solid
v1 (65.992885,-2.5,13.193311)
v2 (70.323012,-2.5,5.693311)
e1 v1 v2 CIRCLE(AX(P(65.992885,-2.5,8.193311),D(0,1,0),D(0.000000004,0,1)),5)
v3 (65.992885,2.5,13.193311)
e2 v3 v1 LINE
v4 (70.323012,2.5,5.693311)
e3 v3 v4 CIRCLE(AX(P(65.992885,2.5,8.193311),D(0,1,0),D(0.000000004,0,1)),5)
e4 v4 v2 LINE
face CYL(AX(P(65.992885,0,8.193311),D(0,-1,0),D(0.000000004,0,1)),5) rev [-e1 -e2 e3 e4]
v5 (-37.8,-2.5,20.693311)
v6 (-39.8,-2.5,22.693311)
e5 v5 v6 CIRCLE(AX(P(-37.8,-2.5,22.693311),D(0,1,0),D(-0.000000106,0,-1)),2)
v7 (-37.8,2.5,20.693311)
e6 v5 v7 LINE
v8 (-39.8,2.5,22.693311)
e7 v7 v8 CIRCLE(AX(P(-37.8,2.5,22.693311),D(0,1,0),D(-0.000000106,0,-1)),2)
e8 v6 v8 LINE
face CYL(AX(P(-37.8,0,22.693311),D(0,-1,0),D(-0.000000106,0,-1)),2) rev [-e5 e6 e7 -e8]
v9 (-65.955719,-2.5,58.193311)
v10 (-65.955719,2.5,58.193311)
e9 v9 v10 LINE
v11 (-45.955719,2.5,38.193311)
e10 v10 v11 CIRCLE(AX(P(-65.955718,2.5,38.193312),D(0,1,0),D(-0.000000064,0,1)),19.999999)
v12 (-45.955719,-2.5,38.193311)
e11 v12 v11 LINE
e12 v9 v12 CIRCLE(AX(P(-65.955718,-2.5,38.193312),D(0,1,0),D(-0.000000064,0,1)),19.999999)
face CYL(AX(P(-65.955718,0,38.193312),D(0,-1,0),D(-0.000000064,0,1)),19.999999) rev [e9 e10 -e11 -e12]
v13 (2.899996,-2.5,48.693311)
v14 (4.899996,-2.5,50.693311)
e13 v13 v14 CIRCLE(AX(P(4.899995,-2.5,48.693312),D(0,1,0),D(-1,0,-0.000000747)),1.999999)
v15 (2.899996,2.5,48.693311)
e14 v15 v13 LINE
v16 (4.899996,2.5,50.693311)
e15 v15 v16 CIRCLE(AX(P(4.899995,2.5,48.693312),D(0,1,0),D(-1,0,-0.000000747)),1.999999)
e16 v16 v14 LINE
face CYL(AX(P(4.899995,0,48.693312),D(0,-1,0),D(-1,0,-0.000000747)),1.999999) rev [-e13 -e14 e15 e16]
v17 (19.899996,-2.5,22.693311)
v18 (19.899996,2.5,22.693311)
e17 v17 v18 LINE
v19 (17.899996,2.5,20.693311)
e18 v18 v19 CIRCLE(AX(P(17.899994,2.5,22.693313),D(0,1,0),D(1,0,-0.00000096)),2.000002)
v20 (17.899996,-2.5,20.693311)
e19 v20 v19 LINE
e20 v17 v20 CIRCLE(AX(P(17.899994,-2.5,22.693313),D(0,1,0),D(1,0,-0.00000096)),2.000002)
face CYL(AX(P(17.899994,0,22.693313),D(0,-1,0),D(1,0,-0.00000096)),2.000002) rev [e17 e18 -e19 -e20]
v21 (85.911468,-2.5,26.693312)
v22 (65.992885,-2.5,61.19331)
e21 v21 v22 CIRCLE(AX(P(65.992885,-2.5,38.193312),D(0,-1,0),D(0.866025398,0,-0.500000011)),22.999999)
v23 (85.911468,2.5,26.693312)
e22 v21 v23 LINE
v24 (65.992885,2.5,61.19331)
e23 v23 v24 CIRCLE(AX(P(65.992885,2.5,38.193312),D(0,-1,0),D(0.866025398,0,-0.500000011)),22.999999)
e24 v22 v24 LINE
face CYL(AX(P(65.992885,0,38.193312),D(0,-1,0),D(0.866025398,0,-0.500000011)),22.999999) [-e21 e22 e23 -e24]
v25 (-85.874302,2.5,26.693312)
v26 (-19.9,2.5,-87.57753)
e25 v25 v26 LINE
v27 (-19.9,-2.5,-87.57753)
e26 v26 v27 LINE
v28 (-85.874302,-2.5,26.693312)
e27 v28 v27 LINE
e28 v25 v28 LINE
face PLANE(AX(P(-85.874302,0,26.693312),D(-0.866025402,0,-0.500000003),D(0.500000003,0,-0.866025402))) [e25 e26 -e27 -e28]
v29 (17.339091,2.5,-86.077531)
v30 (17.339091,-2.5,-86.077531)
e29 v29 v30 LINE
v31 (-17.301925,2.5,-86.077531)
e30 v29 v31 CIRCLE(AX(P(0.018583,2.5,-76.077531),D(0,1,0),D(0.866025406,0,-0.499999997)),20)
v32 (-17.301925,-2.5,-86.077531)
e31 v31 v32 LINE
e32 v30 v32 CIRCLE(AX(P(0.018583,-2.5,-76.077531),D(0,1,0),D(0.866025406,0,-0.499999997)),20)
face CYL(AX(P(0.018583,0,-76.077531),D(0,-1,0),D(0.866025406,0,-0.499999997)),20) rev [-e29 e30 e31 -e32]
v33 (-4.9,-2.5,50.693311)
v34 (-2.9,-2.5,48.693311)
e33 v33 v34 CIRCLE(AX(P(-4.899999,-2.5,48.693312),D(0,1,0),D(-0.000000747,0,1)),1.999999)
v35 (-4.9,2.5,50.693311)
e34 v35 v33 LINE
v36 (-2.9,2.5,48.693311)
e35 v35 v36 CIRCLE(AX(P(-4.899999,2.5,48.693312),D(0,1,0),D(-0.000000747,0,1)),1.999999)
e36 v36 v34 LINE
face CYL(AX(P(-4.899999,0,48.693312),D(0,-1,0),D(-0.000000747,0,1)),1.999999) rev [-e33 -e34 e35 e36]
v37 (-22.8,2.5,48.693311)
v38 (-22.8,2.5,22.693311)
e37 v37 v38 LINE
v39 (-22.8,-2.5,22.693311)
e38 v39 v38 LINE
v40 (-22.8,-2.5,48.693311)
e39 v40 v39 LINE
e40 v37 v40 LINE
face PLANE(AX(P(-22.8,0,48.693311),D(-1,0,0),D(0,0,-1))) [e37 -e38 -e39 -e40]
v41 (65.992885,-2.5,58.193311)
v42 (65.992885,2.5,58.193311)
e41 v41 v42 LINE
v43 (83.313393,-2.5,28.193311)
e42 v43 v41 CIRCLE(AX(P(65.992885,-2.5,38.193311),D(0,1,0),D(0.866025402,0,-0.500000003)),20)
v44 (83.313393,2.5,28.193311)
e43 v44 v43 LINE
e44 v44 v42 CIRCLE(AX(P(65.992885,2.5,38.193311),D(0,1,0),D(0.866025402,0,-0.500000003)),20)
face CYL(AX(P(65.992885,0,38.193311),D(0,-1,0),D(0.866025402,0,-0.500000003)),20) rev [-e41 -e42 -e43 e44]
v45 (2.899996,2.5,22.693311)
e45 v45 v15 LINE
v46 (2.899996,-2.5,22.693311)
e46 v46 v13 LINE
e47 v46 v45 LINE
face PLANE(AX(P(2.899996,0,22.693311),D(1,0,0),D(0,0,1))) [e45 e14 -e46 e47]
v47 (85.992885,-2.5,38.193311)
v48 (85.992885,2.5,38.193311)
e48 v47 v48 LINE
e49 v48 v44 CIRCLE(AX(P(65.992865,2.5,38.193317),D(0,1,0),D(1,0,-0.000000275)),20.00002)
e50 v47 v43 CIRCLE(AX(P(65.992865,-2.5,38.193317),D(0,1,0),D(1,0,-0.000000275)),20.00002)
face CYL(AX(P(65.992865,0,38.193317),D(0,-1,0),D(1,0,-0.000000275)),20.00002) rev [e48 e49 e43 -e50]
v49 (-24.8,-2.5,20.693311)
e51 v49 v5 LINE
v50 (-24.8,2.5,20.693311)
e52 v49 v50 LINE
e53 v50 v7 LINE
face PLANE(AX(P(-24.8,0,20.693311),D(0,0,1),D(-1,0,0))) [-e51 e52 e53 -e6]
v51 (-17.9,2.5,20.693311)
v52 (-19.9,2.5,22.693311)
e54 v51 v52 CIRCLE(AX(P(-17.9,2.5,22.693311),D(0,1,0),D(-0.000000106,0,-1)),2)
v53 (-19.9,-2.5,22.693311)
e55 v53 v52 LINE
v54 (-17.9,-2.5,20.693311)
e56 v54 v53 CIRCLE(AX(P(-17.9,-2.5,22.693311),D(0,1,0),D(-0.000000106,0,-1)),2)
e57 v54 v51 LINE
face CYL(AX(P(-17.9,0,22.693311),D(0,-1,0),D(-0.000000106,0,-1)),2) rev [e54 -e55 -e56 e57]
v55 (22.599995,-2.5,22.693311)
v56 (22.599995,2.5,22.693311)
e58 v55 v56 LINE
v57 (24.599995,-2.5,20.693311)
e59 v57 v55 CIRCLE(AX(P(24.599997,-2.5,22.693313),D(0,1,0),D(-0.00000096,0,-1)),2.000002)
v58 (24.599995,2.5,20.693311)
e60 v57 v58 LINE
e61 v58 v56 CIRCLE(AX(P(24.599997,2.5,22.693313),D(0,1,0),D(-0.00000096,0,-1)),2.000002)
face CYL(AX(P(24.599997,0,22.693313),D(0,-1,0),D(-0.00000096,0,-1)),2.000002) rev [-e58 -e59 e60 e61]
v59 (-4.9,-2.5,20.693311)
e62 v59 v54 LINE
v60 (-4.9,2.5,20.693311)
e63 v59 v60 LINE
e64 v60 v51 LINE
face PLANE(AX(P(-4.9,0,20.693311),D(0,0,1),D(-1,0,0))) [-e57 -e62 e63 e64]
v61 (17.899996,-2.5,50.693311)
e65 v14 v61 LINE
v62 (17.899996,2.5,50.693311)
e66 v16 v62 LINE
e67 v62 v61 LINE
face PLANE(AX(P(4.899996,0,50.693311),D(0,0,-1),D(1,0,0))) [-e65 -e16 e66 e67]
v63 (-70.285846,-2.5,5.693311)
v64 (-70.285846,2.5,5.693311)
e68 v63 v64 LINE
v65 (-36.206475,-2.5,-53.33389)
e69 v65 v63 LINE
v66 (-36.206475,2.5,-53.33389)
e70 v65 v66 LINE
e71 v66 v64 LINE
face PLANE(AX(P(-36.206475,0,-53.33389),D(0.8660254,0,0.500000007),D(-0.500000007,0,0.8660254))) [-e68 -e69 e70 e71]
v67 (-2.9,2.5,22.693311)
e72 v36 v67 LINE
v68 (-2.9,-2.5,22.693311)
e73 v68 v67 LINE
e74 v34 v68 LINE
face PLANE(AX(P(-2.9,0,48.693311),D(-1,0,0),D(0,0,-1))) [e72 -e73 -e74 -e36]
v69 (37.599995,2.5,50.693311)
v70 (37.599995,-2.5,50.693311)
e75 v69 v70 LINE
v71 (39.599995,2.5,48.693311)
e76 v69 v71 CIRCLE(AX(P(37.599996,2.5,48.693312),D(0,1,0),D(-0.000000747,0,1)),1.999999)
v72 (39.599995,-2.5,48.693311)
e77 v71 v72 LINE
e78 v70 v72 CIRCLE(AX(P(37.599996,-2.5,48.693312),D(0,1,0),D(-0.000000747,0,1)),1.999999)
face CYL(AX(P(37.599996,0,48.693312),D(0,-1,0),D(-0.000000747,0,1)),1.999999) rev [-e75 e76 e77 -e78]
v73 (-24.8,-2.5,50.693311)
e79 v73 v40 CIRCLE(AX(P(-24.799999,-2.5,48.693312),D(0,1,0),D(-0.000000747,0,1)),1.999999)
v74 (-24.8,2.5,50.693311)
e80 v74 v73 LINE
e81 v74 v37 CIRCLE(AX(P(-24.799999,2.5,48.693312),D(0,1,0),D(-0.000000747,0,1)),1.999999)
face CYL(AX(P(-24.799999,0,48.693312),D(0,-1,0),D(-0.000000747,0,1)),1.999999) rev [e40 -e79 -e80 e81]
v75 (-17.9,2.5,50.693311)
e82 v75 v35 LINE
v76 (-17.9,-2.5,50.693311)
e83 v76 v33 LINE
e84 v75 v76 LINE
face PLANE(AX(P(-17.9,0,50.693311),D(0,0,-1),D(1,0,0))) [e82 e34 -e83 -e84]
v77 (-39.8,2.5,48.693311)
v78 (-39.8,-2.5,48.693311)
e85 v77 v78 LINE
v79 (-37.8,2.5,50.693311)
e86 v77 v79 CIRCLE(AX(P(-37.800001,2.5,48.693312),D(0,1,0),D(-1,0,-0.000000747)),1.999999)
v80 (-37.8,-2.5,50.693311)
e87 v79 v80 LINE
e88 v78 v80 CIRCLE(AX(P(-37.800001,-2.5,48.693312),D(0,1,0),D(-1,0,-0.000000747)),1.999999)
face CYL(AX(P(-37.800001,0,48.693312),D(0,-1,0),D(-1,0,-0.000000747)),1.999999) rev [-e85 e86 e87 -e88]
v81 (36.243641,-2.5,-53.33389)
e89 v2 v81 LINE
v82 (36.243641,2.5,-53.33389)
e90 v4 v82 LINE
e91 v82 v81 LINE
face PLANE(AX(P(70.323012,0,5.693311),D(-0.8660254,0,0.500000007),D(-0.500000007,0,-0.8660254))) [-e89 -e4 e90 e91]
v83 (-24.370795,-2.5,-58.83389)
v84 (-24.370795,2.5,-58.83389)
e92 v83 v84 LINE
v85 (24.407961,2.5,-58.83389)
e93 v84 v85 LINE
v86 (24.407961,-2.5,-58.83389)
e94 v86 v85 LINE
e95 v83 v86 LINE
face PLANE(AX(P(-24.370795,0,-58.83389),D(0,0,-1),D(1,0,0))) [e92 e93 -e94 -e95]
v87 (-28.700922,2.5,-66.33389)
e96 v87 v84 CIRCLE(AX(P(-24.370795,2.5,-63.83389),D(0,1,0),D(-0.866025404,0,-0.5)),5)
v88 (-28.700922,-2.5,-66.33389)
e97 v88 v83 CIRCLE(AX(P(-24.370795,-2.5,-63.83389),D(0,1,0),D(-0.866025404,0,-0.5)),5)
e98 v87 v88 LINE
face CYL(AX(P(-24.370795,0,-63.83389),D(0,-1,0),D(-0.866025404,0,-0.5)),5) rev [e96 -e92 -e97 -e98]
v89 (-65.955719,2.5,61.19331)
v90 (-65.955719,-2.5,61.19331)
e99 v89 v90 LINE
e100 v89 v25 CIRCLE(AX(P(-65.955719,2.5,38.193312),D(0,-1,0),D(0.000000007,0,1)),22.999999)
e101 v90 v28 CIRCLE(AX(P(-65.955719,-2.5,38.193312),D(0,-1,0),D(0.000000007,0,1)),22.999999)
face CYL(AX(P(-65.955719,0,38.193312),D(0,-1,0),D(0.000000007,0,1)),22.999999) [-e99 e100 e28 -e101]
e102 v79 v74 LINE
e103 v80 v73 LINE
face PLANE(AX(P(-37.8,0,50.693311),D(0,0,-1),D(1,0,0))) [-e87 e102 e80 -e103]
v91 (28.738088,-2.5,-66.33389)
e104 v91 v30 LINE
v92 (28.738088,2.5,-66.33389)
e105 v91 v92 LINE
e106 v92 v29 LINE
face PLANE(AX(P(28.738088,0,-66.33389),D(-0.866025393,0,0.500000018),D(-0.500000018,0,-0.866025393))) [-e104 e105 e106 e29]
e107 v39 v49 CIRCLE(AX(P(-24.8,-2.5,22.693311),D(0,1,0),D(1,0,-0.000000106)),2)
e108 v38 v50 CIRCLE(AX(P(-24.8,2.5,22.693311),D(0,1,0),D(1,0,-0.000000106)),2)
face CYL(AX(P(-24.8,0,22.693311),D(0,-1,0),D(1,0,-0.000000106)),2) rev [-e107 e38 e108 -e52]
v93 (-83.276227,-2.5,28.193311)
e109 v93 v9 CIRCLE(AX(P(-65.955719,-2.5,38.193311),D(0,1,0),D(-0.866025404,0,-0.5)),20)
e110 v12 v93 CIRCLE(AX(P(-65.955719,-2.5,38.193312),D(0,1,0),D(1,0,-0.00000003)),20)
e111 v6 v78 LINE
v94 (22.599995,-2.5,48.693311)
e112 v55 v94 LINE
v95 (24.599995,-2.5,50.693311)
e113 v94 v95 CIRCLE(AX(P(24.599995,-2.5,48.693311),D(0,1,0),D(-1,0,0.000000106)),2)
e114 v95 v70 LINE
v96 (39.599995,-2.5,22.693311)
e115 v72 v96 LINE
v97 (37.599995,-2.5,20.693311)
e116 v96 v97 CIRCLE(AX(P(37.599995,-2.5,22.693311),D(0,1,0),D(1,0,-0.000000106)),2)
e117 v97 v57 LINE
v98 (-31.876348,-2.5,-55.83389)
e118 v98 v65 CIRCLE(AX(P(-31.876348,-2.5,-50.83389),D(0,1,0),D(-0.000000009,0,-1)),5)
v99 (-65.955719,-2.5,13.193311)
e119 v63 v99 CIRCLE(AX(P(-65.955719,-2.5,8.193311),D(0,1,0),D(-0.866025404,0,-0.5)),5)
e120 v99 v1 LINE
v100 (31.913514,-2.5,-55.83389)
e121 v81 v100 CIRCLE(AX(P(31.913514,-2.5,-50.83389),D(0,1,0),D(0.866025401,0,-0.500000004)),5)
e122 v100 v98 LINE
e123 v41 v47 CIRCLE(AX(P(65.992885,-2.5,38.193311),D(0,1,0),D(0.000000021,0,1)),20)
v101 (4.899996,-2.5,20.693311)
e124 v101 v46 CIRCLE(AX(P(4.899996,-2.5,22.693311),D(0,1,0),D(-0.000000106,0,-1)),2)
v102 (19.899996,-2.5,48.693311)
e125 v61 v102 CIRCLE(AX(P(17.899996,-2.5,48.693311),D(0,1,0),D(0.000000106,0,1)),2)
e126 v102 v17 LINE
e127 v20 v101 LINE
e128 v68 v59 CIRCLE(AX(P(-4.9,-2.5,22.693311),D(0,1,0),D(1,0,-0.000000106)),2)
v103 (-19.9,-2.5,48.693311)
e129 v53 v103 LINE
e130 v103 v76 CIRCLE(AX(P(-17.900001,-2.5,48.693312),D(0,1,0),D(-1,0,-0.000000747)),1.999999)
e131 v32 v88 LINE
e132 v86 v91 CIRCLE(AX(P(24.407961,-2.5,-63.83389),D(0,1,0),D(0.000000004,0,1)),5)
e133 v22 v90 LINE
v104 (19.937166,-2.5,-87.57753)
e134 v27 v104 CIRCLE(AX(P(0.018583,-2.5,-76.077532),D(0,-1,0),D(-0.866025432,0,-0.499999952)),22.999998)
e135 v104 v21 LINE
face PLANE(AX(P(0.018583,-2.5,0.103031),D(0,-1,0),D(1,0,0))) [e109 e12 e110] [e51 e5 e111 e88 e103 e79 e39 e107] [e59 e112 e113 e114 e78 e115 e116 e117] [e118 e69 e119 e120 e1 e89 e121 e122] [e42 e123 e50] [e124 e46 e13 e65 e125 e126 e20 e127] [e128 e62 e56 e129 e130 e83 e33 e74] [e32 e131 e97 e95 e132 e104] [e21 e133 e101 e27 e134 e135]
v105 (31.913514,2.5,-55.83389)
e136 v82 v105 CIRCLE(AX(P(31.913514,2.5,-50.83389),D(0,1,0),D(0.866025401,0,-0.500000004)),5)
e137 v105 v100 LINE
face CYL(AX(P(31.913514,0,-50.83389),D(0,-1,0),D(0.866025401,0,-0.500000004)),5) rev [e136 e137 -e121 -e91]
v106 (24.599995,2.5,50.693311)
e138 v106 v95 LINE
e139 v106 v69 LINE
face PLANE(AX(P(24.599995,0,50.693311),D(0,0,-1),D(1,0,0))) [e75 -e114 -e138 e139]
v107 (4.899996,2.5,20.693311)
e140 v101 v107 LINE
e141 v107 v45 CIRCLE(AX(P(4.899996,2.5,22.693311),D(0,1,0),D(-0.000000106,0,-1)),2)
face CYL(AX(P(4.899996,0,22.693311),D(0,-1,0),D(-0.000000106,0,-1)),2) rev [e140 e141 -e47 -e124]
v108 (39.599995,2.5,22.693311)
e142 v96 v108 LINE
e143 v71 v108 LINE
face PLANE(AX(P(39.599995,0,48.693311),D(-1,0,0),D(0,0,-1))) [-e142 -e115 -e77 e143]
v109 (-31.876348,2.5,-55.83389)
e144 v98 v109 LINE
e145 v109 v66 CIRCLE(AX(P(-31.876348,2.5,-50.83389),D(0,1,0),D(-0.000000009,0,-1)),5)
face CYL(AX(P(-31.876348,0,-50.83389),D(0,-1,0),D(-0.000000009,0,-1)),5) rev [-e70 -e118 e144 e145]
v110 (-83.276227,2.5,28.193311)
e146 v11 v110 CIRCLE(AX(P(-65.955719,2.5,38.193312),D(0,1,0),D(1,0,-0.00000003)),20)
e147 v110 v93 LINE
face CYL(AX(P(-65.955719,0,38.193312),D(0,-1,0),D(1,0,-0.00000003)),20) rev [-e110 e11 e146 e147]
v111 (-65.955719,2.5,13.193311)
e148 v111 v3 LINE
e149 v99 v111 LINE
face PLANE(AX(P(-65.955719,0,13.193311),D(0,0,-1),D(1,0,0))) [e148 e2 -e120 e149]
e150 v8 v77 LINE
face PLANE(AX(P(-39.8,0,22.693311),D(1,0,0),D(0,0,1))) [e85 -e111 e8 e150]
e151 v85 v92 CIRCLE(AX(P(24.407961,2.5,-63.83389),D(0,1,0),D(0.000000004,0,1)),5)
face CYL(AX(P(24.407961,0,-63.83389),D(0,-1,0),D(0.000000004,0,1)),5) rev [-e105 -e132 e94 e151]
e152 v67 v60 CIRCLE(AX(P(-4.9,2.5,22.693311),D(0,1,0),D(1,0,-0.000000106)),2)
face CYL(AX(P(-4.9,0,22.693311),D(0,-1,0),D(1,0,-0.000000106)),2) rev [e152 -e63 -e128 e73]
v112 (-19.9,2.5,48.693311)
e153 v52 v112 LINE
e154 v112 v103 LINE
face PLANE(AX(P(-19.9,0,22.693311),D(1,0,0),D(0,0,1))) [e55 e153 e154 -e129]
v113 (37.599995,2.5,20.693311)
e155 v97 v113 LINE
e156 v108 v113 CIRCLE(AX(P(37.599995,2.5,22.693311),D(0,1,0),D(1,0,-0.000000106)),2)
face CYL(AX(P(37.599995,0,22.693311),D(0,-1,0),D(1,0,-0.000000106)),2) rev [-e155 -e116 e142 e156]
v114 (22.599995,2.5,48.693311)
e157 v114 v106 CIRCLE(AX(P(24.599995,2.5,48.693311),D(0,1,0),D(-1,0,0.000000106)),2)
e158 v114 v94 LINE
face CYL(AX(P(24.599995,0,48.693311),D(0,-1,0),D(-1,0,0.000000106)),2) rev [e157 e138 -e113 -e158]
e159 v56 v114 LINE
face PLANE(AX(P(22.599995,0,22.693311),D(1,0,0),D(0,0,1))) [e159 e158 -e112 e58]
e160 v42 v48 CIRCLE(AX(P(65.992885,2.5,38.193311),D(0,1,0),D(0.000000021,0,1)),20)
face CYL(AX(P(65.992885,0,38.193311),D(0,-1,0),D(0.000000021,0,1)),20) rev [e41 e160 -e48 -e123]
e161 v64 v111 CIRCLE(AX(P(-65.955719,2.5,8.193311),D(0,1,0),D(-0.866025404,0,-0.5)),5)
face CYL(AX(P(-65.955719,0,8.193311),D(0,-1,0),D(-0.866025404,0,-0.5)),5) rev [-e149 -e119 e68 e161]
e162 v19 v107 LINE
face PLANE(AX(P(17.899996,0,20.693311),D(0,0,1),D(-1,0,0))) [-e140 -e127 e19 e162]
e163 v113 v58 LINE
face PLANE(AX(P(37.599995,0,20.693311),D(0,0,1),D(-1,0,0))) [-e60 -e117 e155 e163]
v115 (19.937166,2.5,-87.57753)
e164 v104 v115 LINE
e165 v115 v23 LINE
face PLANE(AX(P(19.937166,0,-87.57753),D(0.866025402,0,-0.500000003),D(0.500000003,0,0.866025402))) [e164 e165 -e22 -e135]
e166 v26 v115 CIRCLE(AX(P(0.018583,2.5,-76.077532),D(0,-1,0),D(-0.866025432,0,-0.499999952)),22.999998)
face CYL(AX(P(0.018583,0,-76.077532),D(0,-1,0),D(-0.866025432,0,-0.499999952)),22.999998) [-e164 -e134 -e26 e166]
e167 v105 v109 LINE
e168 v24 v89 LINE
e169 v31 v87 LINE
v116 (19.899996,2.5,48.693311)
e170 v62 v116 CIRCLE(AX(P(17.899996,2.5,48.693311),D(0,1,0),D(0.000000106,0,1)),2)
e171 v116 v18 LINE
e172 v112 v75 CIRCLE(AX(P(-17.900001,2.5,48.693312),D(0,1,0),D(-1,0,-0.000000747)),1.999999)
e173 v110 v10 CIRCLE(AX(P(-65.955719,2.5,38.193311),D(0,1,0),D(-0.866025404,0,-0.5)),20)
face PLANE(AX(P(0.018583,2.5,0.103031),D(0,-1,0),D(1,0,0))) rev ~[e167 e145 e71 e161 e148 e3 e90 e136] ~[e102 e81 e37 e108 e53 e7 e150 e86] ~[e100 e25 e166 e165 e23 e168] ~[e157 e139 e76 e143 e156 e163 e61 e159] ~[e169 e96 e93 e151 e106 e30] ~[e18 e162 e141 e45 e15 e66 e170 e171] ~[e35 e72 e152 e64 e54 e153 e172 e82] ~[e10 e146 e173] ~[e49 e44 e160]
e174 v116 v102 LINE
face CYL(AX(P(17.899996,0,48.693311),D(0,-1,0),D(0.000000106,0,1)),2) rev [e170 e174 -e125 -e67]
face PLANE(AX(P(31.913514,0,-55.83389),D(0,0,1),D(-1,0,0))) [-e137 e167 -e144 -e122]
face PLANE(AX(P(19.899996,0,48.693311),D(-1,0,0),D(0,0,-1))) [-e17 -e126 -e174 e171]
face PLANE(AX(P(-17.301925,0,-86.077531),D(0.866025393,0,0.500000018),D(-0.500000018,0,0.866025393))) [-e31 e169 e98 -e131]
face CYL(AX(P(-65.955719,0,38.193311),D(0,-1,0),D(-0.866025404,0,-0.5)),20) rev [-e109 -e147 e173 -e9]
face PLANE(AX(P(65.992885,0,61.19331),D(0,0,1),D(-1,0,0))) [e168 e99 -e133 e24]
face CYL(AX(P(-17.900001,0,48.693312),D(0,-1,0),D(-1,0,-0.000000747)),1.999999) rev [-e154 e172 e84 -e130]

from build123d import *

# Parameters (mm, degrees)
F1_DEPTH = 2.5


with BuildPart() as f1:
    # F0 (on Front) → F1 (new body, symmetric)
    with BuildSketch(Plane.XZ):
        with BuildLine():
            Line((65.992885, 61.19331), (-65.955719, 61.19331))
            ThreePointArc((-65.955719, 61.19331), (-85.874302, 49.693311), (-85.874302, 26.693312))
            Line((-85.874302, 26.693312), (-19.9, -87.57753))
            ThreePointArc((-19.9, -87.57753), (0.018583, -99.07753), (19.937166, -87.57753))
            Line((19.937166, -87.57753), (85.911468, 26.693312))
            ThreePointArc((85.911468, 26.693312), (85.911468, 49.693311), (65.992885, 61.19331))
        make_face()
        with BuildLine():
            ThreePointArc((17.339091, -86.077531), (0.018583, -96.077531), (-17.301925, -86.077531))
            Line((-17.301925, -86.077531), (-28.700922, -66.33389))
            ThreePointArc((-28.700922, -66.33389), (-28.700922, -61.33389), (-24.370795, -58.83389))
            Line((-24.370795, -58.83389), (24.407961, -58.83389))
            ThreePointArc((24.407961, -58.83389), (28.738088, -61.33389), (28.738088, -66.33389))
            Line((28.738088, -66.33389), (17.339091, -86.077531))
        make_face(mode=Mode.SUBTRACT)
        with BuildLine():
            ThreePointArc((65.992885, 13.193311), (70.323012, 10.693311), (70.323012, 5.693311))
            Line((70.323012, 5.693311), (36.243641, -53.33389))
            ThreePointArc((36.243641, -53.33389), (34.413514, -55.164017), (31.913514, -55.83389))
            Line((31.913514, -55.83389), (-31.876348, -55.83389))
            ThreePointArc((-31.876348, -55.83389), (-34.376348, -55.164017), (-36.206475, -53.33389))
            Line((-36.206475, -53.33389), (-70.285846, 5.693311))
            ThreePointArc((-70.285846, 5.693311), (-70.285846, 10.693311), (-65.955719, 13.193311))
            Line((-65.955719, 13.193311), (22.599995, 13.193311))
            Line((22.599995, 13.193311), (65.992885, 13.193311))
        make_face(mode=Mode.SUBTRACT)
        with BuildLine():
            ThreePointArc((-83.276227, 28.193311), (-83.276227, 48.193311), (-65.955719, 58.193311))
            ThreePointArc((-65.955719, 58.193311), (-51.813583, 52.335447), (-45.955719, 38.193311))
            ThreePointArc((-45.955719, 38.193311), (-60.779338, 18.874795), (-83.276227, 28.193311))
        make_face(mode=Mode.SUBTRACT)
        with BuildLine():
            ThreePointArc((-39.8, 48.693311), (-39.214214, 50.107525), (-37.8, 50.693311))
            Line((-37.8, 50.693311), (-24.8, 50.693311))
            ThreePointArc((-24.8, 50.693311), (-23.385786, 50.107525), (-22.8, 48.693311))
            Line((-22.8, 48.693311), (-22.8, 22.693311))
            ThreePointArc((-22.8, 22.693311), (-23.385786, 21.279098), (-24.8, 20.693311))
            Line((-24.8, 20.693311), (-37.8, 20.693311))
            ThreePointArc((-37.8, 20.693311), (-39.214214, 21.279098), (-39.8, 22.693311))
            Line((-39.8, 22.693311), (-39.8, 48.693311))
        make_face(mode=Mode.SUBTRACT)
        with BuildLine():
            ThreePointArc((-19.9, 48.693311), (-19.314214, 50.107525), (-17.9, 50.693311))
            Line((-17.9, 50.693311), (-4.9, 50.693311))
            ThreePointArc((-4.9, 50.693311), (-3.485786, 50.107525), (-2.9, 48.693311))
            Line((-2.9, 48.693311), (-2.9, 22.693311))
            ThreePointArc((-2.9, 22.693311), (-3.485786, 21.279098), (-4.9, 20.693311))
            Line((-4.9, 20.693311), (-17.9, 20.693311))
            ThreePointArc((-17.9, 20.693311), (-19.314214, 21.279098), (-19.9, 22.693311))
            Line((-19.9, 22.693311), (-19.9, 48.693311))
        make_face(mode=Mode.SUBTRACT)
        with BuildLine():
            ThreePointArc((2.899996, 48.693311), (3.485782, 50.107525), (4.899996, 50.693311))
            Line((4.899996, 50.693311), (17.899996, 50.693311))
            ThreePointArc((17.899996, 50.693311), (19.314209, 50.107525), (19.899996, 48.693311))
            Line((19.899996, 48.693311), (19.899996, 22.693311))
            ThreePointArc((19.899996, 22.693311), (19.314209, 21.279098), (17.899996, 20.693311))
            Line((17.899996, 20.693311), (4.899996, 20.693311))
            ThreePointArc((4.899996, 20.693311), (3.485782, 21.279098), (2.899996, 22.693311))
            Line((2.899996, 22.693311), (2.899996, 48.693311))
        make_face(mode=Mode.SUBTRACT)
        with BuildLine():
            ThreePointArc((22.599995, 48.693311), (23.185782, 50.107525), (24.599995, 50.693311))
            Line((24.599995, 50.693311), (37.599995, 50.693311))
            ThreePointArc((37.599995, 50.693311), (39.014209, 50.107525), (39.599995, 48.693311))
            Line((39.599995, 48.693311), (39.599995, 22.693311))
            ThreePointArc((39.599995, 22.693311), (39.014209, 21.279098), (37.599995, 20.693311))
            Line((37.599995, 20.693311), (24.599995, 20.693311))
            ThreePointArc((24.599995, 20.693311), (23.185782, 21.279098), (22.599995, 22.693311))
            Line((22.599995, 22.693311), (22.599995, 48.693311))
        make_face(mode=Mode.SUBTRACT)
        with BuildLine():
            ThreePointArc((83.313393, 28.193311), (48.672377, 28.193311), (65.992885, 58.193311))
            ThreePointArc((65.992885, 58.193311), (80.13502, 52.335447), (85.992885, 38.193311))
            ThreePointArc((85.992885, 38.193311), (85.311401, 33.016931), (83.313393, 28.193311))
        make_face(mode=Mode.SUBTRACT)
    extrude(amount=F1_DEPTH, both=True)


solid = f1.part
